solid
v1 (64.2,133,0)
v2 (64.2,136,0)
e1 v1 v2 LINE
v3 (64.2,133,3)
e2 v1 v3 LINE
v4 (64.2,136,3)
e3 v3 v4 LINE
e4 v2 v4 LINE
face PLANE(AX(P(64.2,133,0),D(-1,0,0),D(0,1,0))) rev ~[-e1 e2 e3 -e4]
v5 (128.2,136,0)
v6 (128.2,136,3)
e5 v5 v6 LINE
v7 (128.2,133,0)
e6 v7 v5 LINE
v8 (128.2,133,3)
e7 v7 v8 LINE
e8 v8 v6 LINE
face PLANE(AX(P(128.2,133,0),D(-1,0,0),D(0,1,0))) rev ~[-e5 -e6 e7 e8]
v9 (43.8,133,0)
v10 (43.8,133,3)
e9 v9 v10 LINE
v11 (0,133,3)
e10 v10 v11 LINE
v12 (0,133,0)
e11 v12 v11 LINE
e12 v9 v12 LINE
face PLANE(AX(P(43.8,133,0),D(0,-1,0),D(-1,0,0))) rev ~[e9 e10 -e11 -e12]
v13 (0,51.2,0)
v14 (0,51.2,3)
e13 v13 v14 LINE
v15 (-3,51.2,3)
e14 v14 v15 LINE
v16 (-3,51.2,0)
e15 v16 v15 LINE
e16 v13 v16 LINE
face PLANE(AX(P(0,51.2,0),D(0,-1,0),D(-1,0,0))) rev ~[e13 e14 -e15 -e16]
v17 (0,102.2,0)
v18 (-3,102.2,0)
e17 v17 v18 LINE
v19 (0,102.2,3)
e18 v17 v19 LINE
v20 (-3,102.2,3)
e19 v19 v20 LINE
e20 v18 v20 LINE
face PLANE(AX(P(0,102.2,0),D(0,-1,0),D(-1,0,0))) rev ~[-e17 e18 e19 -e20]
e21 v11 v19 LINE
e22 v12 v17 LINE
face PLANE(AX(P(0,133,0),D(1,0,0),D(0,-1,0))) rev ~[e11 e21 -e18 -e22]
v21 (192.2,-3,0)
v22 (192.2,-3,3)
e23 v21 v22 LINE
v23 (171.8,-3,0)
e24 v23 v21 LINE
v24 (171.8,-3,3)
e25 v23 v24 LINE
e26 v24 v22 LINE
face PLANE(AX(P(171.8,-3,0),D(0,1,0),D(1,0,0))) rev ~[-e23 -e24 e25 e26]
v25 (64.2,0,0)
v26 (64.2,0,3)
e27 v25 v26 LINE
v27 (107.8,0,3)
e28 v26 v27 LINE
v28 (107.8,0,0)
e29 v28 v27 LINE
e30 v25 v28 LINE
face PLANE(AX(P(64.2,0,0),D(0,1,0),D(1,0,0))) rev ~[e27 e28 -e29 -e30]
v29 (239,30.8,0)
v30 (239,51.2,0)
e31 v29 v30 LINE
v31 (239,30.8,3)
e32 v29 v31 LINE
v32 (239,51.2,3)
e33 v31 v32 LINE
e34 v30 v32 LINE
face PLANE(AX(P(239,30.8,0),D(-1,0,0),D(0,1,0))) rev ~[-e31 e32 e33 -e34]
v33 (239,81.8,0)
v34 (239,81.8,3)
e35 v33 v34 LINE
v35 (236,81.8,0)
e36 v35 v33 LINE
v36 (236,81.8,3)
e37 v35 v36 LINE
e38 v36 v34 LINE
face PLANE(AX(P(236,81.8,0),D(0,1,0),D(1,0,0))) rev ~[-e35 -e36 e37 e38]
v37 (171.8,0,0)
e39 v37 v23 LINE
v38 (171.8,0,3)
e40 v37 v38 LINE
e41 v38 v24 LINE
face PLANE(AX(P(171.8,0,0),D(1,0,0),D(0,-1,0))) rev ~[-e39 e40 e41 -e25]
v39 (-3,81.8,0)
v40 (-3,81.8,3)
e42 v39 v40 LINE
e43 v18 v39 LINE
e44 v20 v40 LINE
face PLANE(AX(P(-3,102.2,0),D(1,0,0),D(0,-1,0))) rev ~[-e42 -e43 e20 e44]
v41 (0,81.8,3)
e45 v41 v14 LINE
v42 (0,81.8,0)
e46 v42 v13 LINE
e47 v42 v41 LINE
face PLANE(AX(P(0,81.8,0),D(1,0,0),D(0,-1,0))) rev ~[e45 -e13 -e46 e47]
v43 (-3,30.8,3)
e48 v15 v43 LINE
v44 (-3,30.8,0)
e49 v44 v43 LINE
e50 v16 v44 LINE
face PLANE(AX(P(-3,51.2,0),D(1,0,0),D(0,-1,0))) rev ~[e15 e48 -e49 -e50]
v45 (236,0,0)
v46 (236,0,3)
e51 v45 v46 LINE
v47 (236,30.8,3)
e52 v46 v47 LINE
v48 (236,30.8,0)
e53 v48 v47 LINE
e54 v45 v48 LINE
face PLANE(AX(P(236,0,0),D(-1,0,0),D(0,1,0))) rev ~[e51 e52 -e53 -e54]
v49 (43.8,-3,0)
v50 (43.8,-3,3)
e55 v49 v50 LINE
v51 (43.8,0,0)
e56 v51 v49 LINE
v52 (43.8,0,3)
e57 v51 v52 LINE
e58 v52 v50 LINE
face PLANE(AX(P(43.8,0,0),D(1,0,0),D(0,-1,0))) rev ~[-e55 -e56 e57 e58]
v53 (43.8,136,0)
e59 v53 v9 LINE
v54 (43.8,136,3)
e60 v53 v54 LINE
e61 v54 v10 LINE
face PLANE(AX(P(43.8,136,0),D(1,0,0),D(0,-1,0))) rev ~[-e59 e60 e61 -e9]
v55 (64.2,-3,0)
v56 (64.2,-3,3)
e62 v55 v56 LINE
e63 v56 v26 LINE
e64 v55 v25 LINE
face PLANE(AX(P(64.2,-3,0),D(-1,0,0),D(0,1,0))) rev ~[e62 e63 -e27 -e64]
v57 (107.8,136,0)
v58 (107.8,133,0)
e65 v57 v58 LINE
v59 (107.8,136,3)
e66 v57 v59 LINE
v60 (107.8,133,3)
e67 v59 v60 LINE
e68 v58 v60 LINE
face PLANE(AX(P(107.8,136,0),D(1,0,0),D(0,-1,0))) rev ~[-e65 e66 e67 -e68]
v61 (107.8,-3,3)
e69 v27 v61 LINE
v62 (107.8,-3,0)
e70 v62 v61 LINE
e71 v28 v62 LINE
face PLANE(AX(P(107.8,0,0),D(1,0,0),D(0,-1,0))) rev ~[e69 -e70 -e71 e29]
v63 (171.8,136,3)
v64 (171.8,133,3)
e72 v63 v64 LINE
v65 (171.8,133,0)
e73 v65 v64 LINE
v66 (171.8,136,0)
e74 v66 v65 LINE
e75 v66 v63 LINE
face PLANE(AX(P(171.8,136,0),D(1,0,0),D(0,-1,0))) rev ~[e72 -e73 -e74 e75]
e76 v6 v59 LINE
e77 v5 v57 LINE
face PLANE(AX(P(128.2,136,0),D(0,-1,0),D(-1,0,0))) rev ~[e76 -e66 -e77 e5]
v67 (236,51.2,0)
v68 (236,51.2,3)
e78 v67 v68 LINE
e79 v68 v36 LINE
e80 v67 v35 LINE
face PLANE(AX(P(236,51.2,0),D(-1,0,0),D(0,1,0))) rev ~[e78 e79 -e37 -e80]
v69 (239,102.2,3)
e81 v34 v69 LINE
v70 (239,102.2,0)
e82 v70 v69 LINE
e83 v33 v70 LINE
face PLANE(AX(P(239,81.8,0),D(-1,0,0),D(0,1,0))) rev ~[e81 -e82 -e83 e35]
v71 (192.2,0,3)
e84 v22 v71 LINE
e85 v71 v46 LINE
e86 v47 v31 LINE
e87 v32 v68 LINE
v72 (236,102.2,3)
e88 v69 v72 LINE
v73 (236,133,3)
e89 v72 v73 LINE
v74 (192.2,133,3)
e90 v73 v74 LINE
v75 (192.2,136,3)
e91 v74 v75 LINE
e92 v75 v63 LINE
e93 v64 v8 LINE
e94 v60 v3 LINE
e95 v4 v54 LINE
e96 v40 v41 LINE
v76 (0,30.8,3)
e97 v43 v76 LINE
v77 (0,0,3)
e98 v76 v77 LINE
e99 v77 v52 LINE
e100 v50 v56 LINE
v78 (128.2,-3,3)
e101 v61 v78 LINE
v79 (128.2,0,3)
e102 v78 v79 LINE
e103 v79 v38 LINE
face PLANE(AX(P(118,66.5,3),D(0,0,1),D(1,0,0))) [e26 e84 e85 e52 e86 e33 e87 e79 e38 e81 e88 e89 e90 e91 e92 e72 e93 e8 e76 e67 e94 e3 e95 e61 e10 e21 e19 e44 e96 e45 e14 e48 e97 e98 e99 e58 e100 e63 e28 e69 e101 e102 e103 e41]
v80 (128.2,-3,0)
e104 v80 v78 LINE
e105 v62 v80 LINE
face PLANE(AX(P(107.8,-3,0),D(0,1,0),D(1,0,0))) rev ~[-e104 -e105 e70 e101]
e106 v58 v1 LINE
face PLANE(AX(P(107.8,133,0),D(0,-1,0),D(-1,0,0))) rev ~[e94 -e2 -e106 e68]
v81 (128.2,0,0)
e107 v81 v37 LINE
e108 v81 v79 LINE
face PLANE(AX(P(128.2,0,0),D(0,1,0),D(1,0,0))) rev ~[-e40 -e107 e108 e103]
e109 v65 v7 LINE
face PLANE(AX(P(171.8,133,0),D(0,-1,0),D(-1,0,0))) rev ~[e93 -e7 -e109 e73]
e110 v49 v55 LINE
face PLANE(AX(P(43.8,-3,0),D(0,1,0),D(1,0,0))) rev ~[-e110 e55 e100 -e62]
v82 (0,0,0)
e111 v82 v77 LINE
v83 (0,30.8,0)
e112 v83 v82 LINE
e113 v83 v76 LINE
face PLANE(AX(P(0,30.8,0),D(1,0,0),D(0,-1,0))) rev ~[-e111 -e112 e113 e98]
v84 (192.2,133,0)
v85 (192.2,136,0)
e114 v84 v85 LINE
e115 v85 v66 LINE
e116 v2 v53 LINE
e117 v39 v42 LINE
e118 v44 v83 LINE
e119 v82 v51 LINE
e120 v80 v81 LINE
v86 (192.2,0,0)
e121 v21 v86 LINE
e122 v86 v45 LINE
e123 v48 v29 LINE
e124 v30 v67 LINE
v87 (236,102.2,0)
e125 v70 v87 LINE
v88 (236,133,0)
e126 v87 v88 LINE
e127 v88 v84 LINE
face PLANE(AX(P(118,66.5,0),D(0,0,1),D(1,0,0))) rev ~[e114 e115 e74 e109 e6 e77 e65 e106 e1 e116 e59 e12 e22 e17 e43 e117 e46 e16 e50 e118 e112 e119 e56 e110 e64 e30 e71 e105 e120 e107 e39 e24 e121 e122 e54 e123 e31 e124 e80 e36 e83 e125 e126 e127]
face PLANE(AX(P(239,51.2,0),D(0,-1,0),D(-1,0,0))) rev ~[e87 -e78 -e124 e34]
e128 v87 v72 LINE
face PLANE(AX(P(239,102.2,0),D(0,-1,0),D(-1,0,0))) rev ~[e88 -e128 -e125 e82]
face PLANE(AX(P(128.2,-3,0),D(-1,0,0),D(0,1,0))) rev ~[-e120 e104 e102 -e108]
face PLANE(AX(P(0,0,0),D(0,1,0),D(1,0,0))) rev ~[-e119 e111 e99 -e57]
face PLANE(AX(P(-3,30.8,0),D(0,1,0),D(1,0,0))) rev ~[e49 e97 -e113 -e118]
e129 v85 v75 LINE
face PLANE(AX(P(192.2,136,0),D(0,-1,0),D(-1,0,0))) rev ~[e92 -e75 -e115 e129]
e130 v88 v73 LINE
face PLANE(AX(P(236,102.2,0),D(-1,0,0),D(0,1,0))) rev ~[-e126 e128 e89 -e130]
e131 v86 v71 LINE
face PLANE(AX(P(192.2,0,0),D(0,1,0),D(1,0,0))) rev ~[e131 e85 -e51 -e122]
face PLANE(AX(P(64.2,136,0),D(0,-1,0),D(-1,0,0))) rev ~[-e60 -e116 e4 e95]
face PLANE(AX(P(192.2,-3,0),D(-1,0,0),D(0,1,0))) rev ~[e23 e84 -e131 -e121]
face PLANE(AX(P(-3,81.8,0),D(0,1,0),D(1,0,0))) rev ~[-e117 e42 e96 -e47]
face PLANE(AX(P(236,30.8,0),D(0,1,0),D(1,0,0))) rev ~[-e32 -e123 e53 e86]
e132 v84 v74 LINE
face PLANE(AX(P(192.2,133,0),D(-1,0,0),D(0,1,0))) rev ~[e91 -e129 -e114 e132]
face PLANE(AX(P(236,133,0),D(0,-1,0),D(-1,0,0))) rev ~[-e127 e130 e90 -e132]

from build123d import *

# Parameters (mm, degrees)
EXTRUDE_3_DEPTH = 3


with BuildPart() as part:
    # Эскиз4 → Бобышка-Вытянуть3 (new body)
    with BuildSketch(Plane.XY):
        Polygon((43.8, 133), (0, 133), (0, 102.2), (-3, 102.2), (-3, 81.8), (0, 81.8), (0, 60.66), (0, 51.2), (-3, 51.2), (-3, 30.8), (0, 30.8), (0, 0), (43.8, 0), (43.8, -3), (64.2, -3), (64.2, 0), (107.8, 0), (107.8, -3), (128.2, -3), (128.2, 0), (171.8, 0), (171.8, -3), (192.2, -3), (192.2, 0), (236, 0), (236, 30.8), (239, 30.8), (239, 51.2), (236, 51.2), (236, 81.8), (239, 81.8), (239, 102.2), (236, 102.2), (236, 133), (192.2, 133), (192.2, 136), (171.8, 136), (171.8, 133), (128.2, 133), (128.2, 136), (107.8, 136), (107.8, 133), (64.2, 133), (64.2, 136), (43.8, 136), align=None)
    extrude(amount=EXTRUDE_3_DEPTH)


solid = part.part
